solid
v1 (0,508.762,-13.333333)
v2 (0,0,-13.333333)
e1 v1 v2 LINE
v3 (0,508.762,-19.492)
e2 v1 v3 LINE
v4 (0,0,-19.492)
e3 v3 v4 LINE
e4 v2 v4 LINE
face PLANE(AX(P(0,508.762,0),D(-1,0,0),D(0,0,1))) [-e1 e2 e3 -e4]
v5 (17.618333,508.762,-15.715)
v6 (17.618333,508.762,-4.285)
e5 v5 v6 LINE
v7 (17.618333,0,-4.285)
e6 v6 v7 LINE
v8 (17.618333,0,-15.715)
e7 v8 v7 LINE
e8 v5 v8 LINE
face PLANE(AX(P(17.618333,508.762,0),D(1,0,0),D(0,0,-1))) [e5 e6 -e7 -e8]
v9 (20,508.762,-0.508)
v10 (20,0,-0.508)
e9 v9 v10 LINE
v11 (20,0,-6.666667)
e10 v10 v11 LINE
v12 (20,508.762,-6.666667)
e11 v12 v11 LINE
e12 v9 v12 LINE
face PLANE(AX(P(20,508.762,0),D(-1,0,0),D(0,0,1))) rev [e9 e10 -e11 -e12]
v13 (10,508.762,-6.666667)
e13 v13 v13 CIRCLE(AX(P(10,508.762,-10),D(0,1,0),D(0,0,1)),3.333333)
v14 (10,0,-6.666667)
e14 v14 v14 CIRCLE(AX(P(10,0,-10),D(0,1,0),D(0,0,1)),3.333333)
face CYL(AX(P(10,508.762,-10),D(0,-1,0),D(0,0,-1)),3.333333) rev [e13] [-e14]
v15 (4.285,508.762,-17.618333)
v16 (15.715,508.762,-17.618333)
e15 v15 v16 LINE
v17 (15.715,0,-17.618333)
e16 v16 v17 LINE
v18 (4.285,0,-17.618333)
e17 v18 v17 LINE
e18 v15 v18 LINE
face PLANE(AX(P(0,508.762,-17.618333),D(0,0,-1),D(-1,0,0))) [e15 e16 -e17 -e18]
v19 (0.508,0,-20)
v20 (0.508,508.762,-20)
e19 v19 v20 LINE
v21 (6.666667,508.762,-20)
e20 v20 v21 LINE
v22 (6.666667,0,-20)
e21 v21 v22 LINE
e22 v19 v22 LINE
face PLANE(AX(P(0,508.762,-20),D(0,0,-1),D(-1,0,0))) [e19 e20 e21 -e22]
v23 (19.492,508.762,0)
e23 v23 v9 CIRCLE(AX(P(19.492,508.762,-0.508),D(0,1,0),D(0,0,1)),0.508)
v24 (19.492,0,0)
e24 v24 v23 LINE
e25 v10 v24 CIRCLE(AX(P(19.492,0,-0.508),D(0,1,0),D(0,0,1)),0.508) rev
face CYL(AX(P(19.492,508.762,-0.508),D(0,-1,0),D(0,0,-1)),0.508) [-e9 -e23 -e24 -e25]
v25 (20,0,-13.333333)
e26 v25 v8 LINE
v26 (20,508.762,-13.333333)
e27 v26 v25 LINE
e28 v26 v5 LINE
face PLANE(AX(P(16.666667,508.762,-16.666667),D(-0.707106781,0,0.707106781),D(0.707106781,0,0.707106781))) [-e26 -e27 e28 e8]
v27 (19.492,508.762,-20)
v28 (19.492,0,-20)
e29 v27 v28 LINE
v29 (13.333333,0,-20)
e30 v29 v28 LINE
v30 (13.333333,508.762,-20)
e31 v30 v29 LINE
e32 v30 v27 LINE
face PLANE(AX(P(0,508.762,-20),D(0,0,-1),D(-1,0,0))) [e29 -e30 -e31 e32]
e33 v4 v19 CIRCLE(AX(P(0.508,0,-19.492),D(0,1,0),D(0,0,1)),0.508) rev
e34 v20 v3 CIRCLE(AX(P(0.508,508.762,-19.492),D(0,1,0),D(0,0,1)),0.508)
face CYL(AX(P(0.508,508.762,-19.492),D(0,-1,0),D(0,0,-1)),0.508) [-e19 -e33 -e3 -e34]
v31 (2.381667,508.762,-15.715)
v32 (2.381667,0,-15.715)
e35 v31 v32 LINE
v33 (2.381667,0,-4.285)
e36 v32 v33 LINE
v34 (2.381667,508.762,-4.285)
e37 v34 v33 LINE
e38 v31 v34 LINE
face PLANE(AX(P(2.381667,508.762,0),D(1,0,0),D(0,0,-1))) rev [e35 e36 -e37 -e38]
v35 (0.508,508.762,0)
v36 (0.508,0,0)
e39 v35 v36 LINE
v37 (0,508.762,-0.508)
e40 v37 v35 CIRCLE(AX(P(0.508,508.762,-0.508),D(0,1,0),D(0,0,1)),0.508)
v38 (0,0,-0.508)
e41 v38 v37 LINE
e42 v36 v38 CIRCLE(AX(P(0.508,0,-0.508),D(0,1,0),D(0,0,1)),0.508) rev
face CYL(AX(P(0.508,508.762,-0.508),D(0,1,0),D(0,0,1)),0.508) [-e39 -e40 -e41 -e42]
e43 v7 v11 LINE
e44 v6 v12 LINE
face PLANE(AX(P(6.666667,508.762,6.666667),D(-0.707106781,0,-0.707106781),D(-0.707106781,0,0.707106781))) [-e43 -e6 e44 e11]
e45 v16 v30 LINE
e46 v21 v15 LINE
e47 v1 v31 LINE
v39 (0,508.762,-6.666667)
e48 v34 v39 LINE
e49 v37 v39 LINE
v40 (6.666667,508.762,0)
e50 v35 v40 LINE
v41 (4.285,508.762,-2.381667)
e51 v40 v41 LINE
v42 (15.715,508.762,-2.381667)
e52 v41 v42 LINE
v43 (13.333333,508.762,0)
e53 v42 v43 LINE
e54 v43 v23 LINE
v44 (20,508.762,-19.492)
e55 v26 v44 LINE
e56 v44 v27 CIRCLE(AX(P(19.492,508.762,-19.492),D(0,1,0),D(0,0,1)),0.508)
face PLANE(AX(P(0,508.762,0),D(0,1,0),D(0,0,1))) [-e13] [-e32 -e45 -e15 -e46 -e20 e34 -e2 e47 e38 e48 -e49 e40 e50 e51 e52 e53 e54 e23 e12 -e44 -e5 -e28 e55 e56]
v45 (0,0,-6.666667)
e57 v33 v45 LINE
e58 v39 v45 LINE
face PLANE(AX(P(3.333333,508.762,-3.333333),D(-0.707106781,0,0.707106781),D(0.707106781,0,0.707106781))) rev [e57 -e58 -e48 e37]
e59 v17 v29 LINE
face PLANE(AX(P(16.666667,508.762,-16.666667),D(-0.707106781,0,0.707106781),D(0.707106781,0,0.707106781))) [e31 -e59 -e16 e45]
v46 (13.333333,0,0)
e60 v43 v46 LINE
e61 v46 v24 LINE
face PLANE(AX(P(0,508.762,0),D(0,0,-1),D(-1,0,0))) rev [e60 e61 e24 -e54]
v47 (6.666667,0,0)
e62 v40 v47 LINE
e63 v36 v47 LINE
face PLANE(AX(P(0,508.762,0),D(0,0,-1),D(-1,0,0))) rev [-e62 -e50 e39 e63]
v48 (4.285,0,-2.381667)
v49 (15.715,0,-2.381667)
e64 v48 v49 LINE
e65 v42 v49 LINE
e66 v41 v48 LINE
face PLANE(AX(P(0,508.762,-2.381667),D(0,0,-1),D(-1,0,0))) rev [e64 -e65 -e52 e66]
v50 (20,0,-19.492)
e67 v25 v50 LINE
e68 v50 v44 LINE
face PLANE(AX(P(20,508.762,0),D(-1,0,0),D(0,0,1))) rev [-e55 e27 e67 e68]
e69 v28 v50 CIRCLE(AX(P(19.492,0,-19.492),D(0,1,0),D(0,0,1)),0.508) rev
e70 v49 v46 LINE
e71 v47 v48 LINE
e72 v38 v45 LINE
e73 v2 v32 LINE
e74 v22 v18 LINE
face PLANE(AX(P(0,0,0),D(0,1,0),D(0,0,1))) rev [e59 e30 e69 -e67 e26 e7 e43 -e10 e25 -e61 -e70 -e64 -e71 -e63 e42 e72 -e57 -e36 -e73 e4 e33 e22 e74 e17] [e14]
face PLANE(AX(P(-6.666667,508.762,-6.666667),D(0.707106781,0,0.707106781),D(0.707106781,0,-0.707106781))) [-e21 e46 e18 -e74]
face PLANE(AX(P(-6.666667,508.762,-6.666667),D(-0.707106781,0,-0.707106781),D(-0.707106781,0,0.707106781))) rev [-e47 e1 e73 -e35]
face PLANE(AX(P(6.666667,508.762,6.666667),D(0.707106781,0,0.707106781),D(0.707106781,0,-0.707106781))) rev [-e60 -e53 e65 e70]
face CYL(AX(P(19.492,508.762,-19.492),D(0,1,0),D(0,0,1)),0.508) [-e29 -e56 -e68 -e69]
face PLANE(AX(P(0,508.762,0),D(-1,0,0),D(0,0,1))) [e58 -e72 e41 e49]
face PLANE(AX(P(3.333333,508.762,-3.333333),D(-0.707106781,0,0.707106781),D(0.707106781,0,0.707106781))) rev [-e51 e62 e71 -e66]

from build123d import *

# Parameters (mm, degrees)
SKETCH1_R           = 3.333333333
BOSS_EXTRUDE1_DEPTH = 508.762
FILLET4_R           = 0.508


with BuildPart() as part:
    # Sketch1 → Boss-Extrude1 (new body)
    with BuildSketch(Plane(origin=(0, 0, 0), x_dir=(1, 0, 0), z_dir=(0, 1, 0))):
        Polygon((4.285, 17.618333333), (6.666666667, 20), (0, 20), (0, 13.333333333), (2.381666667, 15.715), (2.381666667, 4.285), (0, 6.666666667), (0, 0), (6.666666667, 0), (4.285, 2.381666667), (15.715, 2.381666667), (13.333333333, 0), (20, 0), (20, 6.666666667), (17.618333333, 4.285), (17.618333333, 15.715), (20, 13.333333333), (20, 20), (13.333333333, 20), (15.715, 17.618333333), align=None)
        with Locations((10, 10)):
            Circle(SKETCH1_R, mode=Mode.SUBTRACT)
    extrude(amount=BOSS_EXTRUDE1_DEPTH)

    # Fillet4
    fillet4_edges = [part.edges().sort_by_distance(p)[0] for p in [
        (20, 254.381, 0),
        (0, 254.381, 0),
        (0, 254.381, -20),
        (20, 254.381, -20),
    ]]
    fillet(fillet4_edges, radius=FILLET4_R)


solid = part.part
